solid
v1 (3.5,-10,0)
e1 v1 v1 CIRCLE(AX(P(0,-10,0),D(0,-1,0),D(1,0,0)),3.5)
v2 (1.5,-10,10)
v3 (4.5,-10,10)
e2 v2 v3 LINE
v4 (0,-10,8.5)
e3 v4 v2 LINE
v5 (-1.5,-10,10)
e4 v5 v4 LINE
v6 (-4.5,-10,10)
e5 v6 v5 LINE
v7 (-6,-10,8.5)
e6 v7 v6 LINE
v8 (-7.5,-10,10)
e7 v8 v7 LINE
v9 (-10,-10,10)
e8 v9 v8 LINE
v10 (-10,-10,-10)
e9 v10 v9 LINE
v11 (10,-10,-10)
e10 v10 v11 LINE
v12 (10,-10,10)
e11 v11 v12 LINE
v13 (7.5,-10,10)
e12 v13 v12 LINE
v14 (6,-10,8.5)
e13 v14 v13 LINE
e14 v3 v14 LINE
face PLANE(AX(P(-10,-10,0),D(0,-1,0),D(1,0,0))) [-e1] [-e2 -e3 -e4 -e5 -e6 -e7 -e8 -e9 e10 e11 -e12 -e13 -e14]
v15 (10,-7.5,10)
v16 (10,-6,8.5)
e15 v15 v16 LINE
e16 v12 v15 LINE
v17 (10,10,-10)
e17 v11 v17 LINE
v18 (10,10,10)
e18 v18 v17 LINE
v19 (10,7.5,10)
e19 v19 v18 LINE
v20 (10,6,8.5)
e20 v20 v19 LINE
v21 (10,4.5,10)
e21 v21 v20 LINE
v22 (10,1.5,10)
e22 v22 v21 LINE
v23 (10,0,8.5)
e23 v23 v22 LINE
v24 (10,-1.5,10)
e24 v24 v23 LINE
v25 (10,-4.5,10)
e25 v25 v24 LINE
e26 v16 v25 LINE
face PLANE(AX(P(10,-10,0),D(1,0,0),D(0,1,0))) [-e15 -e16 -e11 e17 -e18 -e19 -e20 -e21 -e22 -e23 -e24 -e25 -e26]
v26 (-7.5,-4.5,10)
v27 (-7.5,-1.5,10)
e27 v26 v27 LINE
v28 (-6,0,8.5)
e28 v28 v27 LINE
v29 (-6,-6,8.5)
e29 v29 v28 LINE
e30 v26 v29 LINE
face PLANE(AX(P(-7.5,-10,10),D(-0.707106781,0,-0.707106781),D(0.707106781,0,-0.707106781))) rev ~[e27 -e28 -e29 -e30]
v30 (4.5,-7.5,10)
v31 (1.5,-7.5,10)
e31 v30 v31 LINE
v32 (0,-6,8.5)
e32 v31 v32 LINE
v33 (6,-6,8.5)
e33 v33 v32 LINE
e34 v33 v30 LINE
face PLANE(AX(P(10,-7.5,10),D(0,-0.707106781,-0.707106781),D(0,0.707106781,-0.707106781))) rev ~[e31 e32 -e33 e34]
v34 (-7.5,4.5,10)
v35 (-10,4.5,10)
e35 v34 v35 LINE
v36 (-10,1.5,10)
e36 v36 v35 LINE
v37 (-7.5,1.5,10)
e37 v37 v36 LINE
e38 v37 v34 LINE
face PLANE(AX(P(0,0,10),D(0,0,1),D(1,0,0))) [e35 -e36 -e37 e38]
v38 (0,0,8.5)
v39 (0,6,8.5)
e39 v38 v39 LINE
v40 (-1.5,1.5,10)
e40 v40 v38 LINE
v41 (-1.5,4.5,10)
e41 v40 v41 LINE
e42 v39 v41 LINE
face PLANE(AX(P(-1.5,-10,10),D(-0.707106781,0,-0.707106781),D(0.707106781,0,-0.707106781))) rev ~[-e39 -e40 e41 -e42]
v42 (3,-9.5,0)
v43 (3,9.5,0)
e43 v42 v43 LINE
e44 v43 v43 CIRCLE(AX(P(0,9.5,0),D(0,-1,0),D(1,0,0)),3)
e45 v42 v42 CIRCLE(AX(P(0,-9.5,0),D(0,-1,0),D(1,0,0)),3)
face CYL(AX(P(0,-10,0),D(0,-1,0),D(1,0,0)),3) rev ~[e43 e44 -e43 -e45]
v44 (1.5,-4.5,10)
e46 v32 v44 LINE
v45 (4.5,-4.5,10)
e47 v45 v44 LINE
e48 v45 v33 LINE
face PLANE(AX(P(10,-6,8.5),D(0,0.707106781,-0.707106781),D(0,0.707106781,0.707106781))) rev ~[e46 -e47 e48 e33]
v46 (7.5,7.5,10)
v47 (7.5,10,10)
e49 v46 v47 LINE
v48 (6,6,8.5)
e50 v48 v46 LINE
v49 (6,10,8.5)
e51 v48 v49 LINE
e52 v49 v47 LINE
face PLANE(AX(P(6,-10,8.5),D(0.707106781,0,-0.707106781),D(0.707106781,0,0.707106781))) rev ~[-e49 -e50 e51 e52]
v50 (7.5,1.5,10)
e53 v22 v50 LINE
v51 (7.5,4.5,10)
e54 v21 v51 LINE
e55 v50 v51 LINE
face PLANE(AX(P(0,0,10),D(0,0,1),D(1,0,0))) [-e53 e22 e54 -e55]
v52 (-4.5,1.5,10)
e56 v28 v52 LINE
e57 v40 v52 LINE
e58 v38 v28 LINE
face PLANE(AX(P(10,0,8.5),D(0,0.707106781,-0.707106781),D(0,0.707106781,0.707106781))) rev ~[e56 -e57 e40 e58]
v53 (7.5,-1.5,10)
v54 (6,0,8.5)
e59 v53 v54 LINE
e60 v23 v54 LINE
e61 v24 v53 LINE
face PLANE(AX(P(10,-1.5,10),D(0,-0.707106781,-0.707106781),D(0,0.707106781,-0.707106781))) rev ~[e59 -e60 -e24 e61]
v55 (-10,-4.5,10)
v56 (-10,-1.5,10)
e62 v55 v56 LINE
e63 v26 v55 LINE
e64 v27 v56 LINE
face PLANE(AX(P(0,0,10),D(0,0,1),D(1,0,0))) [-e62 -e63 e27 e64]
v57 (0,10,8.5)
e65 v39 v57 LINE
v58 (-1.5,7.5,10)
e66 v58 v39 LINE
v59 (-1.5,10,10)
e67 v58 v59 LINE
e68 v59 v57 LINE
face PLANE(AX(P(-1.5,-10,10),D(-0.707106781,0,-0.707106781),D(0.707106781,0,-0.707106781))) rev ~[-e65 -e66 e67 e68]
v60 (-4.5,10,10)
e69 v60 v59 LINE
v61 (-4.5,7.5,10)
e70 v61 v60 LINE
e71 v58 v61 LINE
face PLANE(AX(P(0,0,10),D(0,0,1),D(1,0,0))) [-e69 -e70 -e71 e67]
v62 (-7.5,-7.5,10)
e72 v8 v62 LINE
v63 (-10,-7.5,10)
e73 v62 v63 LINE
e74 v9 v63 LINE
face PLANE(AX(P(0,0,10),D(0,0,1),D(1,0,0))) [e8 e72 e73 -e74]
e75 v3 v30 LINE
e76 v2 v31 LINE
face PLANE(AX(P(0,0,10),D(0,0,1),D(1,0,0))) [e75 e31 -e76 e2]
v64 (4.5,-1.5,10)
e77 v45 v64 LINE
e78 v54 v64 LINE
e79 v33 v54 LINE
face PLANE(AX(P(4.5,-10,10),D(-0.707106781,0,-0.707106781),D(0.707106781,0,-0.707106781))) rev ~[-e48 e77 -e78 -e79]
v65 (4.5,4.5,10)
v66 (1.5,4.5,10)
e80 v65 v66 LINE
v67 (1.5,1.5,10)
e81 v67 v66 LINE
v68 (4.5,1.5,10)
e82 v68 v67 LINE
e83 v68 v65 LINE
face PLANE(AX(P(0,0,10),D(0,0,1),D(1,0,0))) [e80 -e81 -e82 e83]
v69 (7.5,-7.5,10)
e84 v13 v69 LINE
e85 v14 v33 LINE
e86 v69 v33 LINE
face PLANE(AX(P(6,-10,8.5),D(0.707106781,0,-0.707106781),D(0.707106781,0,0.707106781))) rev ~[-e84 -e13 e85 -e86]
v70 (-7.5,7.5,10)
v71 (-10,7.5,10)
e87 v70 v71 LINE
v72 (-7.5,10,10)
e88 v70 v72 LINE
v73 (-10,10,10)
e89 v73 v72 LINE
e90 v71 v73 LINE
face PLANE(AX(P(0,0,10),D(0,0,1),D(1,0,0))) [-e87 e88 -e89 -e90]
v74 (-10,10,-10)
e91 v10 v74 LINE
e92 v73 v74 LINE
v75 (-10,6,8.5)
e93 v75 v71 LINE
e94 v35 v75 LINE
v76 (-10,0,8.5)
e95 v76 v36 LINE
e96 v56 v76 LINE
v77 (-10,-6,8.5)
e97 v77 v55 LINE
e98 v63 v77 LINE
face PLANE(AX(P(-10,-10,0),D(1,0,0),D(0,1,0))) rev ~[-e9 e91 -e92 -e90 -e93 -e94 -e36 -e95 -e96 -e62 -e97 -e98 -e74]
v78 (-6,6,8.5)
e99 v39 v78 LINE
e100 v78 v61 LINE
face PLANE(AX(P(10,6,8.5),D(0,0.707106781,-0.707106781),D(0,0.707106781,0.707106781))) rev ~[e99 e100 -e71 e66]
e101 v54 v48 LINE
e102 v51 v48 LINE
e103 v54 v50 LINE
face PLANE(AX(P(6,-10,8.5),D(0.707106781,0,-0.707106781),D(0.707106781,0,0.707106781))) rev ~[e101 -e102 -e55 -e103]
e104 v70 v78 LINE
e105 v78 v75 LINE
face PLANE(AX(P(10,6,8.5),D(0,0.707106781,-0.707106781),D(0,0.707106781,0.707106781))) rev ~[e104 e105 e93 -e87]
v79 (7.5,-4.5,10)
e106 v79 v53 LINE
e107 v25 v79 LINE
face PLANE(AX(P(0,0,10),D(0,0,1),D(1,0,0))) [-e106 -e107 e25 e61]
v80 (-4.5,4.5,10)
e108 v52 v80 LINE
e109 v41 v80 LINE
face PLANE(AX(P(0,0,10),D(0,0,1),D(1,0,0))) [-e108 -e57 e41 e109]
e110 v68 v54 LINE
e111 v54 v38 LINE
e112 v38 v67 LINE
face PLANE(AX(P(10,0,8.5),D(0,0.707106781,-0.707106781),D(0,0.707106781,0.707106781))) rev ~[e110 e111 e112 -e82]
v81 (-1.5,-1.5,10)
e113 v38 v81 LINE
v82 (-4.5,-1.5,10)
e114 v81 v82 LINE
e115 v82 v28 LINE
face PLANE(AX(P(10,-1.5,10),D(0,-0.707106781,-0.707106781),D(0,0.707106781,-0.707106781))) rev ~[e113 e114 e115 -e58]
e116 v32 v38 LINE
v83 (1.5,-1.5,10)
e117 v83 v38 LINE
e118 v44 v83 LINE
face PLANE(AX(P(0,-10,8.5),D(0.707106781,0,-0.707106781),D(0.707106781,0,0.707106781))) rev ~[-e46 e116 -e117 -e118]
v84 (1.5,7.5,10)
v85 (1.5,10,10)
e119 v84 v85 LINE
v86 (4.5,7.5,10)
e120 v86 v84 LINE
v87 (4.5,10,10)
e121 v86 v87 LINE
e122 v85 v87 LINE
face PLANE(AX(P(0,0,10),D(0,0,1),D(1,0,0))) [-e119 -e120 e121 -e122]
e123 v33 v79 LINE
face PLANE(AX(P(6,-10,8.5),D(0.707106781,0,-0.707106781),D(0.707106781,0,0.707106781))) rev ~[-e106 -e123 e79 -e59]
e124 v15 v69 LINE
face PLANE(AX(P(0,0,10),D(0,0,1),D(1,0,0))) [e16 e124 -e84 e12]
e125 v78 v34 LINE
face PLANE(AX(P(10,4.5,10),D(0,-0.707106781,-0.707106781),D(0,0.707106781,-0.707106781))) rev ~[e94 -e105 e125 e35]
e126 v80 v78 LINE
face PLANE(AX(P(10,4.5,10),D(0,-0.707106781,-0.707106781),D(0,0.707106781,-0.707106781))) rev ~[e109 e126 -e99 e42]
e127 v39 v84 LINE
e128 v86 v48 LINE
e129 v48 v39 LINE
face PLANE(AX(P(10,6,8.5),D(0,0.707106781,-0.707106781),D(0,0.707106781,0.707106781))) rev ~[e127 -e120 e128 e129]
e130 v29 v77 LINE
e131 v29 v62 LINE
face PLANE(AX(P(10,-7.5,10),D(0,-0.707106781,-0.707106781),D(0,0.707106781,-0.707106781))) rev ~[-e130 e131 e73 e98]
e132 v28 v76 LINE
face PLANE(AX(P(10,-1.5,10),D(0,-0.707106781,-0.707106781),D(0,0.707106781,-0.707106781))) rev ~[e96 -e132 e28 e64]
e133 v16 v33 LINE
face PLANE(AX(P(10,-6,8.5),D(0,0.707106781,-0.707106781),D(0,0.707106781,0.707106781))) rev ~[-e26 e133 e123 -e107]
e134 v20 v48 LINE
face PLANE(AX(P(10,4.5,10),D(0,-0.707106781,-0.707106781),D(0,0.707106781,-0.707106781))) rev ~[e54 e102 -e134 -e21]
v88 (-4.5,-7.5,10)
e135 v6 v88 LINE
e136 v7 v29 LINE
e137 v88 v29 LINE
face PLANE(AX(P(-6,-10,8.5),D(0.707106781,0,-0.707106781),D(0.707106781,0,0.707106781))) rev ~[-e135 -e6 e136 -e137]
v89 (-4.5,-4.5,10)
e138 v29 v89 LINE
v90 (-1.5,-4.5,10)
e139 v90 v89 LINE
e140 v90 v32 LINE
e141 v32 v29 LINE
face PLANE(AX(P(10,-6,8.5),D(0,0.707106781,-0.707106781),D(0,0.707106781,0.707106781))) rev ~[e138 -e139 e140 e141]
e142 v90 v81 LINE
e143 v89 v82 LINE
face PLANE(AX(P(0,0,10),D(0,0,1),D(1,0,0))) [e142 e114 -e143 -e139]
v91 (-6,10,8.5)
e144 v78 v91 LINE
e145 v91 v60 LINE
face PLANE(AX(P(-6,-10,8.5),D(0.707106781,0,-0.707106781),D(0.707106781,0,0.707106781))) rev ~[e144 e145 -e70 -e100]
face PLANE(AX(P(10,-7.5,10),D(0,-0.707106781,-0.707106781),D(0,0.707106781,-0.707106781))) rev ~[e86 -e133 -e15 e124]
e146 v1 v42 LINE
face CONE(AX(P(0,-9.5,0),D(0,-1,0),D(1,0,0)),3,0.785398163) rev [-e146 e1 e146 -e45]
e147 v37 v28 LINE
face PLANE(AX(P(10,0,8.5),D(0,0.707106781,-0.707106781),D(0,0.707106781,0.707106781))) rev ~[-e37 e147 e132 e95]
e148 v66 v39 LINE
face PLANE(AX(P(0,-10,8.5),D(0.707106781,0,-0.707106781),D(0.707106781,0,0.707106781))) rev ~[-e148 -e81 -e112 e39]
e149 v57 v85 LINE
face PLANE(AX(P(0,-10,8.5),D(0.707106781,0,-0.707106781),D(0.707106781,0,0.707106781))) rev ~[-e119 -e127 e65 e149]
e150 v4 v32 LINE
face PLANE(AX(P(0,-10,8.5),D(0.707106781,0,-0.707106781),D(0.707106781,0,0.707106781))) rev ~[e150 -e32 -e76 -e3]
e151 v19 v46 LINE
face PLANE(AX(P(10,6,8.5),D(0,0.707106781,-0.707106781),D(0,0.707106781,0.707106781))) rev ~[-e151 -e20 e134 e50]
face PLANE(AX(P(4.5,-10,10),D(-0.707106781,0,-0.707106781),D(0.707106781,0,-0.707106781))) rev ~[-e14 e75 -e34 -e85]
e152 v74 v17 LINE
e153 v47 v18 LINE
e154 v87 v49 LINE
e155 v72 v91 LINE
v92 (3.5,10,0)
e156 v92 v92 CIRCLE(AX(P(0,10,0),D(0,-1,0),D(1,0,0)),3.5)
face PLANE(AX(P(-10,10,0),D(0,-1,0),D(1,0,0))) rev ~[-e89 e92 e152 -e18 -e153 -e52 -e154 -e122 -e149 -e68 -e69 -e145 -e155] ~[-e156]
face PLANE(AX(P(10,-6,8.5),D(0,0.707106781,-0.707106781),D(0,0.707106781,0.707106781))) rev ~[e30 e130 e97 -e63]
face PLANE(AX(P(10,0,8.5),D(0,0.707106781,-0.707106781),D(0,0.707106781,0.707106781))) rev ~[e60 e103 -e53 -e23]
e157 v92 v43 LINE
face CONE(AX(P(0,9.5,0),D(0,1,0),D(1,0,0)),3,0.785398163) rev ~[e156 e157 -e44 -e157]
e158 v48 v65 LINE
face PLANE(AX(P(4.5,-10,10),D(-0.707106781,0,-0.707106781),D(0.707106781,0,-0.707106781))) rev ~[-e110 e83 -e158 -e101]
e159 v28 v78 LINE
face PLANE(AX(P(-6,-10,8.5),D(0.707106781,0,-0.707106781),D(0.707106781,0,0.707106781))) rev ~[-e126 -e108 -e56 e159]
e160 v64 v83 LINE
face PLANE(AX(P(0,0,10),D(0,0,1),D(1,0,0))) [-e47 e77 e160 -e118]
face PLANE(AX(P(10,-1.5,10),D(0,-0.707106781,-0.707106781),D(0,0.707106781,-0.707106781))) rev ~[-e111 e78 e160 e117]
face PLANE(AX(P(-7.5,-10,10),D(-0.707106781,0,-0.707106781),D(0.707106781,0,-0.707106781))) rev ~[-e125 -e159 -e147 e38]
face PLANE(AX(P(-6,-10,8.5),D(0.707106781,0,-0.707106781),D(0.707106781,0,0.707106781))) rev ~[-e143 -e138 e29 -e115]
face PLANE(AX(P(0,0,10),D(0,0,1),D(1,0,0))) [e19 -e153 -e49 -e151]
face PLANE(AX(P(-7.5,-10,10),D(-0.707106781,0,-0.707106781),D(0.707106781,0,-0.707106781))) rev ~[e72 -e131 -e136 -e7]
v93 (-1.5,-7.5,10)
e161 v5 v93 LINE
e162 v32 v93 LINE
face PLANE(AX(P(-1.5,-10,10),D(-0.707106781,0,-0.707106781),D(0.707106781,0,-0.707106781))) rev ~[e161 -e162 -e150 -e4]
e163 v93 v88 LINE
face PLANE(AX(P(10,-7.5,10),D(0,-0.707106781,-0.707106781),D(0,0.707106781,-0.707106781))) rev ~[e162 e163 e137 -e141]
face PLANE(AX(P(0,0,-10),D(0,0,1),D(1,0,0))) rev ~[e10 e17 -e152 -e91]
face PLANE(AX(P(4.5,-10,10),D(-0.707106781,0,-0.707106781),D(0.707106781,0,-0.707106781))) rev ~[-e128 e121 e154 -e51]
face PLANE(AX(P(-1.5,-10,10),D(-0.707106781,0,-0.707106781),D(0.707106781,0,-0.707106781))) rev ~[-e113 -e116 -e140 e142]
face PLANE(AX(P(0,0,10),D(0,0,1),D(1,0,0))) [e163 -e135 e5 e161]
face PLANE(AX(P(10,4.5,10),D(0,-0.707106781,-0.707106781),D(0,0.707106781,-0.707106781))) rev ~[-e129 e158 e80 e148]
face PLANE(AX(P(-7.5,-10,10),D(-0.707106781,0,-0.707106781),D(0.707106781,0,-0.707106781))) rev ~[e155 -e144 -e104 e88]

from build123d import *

# Parameters (mm, degrees)
F0_W     = 20
F0_H     = 20
F1_DEPTH = 10
F2_R     = 3
F3_DEPTH = 25
F4_SIZE2 = 0.5
F4_SIZE  = 0.5
F6_DEPTH = 25
F8_DEPTH = 25


with BuildPart() as f1:
    # F0 (on Top) → F1 (new body, symmetric)
    with BuildSketch(Plane.XY):
        Rectangle(F0_W, F0_H)
    extrude(amount=F1_DEPTH, both=True)

    # F2 (on face) → F3 (cut)
    with BuildSketch(Plane.XZ.offset(10)):
        Circle(F2_R)
    extrude(amount=-F3_DEPTH, mode=Mode.SUBTRACT)

    # F4
    f4_edges = [f1.edges().sort_by_distance(p)[0] for p in [
        (-3, -10, 0),
        (-3, 10, 0),
    ]]
    chamfer(f4_edges, length=F4_SIZE, length2=F4_SIZE2)

    # F5 (on face) → F6 (cut)
    with BuildSketch(Plane.XZ.offset(10)):
        Polygon((7.5, 10), (4.5, 10), (6, 8.5), align=None)
        Polygon((0, 8.5), (1.5, 10), (-1.5, 10), align=None)
        Polygon((-6, 8.5), (-4.5, 10), (-7.5, 10), align=None)
    extrude(amount=-F6_DEPTH, mode=Mode.SUBTRACT)

    # F7 (on face) → F8 (cut)
    with BuildSketch(Plane.YZ.offset(10)):
        Polygon((-6, 8.5), (-4.5, 10), (-7.5, 10), align=None)
        Polygon((0, 8.5), (1.5, 10), (-1.5, 10), align=None)
        Polygon((7.5, 10), (4.5, 10), (6, 8.5), align=None)
    extrude(amount=-F8_DEPTH, mode=Mode.SUBTRACT)


solid = f1.part
